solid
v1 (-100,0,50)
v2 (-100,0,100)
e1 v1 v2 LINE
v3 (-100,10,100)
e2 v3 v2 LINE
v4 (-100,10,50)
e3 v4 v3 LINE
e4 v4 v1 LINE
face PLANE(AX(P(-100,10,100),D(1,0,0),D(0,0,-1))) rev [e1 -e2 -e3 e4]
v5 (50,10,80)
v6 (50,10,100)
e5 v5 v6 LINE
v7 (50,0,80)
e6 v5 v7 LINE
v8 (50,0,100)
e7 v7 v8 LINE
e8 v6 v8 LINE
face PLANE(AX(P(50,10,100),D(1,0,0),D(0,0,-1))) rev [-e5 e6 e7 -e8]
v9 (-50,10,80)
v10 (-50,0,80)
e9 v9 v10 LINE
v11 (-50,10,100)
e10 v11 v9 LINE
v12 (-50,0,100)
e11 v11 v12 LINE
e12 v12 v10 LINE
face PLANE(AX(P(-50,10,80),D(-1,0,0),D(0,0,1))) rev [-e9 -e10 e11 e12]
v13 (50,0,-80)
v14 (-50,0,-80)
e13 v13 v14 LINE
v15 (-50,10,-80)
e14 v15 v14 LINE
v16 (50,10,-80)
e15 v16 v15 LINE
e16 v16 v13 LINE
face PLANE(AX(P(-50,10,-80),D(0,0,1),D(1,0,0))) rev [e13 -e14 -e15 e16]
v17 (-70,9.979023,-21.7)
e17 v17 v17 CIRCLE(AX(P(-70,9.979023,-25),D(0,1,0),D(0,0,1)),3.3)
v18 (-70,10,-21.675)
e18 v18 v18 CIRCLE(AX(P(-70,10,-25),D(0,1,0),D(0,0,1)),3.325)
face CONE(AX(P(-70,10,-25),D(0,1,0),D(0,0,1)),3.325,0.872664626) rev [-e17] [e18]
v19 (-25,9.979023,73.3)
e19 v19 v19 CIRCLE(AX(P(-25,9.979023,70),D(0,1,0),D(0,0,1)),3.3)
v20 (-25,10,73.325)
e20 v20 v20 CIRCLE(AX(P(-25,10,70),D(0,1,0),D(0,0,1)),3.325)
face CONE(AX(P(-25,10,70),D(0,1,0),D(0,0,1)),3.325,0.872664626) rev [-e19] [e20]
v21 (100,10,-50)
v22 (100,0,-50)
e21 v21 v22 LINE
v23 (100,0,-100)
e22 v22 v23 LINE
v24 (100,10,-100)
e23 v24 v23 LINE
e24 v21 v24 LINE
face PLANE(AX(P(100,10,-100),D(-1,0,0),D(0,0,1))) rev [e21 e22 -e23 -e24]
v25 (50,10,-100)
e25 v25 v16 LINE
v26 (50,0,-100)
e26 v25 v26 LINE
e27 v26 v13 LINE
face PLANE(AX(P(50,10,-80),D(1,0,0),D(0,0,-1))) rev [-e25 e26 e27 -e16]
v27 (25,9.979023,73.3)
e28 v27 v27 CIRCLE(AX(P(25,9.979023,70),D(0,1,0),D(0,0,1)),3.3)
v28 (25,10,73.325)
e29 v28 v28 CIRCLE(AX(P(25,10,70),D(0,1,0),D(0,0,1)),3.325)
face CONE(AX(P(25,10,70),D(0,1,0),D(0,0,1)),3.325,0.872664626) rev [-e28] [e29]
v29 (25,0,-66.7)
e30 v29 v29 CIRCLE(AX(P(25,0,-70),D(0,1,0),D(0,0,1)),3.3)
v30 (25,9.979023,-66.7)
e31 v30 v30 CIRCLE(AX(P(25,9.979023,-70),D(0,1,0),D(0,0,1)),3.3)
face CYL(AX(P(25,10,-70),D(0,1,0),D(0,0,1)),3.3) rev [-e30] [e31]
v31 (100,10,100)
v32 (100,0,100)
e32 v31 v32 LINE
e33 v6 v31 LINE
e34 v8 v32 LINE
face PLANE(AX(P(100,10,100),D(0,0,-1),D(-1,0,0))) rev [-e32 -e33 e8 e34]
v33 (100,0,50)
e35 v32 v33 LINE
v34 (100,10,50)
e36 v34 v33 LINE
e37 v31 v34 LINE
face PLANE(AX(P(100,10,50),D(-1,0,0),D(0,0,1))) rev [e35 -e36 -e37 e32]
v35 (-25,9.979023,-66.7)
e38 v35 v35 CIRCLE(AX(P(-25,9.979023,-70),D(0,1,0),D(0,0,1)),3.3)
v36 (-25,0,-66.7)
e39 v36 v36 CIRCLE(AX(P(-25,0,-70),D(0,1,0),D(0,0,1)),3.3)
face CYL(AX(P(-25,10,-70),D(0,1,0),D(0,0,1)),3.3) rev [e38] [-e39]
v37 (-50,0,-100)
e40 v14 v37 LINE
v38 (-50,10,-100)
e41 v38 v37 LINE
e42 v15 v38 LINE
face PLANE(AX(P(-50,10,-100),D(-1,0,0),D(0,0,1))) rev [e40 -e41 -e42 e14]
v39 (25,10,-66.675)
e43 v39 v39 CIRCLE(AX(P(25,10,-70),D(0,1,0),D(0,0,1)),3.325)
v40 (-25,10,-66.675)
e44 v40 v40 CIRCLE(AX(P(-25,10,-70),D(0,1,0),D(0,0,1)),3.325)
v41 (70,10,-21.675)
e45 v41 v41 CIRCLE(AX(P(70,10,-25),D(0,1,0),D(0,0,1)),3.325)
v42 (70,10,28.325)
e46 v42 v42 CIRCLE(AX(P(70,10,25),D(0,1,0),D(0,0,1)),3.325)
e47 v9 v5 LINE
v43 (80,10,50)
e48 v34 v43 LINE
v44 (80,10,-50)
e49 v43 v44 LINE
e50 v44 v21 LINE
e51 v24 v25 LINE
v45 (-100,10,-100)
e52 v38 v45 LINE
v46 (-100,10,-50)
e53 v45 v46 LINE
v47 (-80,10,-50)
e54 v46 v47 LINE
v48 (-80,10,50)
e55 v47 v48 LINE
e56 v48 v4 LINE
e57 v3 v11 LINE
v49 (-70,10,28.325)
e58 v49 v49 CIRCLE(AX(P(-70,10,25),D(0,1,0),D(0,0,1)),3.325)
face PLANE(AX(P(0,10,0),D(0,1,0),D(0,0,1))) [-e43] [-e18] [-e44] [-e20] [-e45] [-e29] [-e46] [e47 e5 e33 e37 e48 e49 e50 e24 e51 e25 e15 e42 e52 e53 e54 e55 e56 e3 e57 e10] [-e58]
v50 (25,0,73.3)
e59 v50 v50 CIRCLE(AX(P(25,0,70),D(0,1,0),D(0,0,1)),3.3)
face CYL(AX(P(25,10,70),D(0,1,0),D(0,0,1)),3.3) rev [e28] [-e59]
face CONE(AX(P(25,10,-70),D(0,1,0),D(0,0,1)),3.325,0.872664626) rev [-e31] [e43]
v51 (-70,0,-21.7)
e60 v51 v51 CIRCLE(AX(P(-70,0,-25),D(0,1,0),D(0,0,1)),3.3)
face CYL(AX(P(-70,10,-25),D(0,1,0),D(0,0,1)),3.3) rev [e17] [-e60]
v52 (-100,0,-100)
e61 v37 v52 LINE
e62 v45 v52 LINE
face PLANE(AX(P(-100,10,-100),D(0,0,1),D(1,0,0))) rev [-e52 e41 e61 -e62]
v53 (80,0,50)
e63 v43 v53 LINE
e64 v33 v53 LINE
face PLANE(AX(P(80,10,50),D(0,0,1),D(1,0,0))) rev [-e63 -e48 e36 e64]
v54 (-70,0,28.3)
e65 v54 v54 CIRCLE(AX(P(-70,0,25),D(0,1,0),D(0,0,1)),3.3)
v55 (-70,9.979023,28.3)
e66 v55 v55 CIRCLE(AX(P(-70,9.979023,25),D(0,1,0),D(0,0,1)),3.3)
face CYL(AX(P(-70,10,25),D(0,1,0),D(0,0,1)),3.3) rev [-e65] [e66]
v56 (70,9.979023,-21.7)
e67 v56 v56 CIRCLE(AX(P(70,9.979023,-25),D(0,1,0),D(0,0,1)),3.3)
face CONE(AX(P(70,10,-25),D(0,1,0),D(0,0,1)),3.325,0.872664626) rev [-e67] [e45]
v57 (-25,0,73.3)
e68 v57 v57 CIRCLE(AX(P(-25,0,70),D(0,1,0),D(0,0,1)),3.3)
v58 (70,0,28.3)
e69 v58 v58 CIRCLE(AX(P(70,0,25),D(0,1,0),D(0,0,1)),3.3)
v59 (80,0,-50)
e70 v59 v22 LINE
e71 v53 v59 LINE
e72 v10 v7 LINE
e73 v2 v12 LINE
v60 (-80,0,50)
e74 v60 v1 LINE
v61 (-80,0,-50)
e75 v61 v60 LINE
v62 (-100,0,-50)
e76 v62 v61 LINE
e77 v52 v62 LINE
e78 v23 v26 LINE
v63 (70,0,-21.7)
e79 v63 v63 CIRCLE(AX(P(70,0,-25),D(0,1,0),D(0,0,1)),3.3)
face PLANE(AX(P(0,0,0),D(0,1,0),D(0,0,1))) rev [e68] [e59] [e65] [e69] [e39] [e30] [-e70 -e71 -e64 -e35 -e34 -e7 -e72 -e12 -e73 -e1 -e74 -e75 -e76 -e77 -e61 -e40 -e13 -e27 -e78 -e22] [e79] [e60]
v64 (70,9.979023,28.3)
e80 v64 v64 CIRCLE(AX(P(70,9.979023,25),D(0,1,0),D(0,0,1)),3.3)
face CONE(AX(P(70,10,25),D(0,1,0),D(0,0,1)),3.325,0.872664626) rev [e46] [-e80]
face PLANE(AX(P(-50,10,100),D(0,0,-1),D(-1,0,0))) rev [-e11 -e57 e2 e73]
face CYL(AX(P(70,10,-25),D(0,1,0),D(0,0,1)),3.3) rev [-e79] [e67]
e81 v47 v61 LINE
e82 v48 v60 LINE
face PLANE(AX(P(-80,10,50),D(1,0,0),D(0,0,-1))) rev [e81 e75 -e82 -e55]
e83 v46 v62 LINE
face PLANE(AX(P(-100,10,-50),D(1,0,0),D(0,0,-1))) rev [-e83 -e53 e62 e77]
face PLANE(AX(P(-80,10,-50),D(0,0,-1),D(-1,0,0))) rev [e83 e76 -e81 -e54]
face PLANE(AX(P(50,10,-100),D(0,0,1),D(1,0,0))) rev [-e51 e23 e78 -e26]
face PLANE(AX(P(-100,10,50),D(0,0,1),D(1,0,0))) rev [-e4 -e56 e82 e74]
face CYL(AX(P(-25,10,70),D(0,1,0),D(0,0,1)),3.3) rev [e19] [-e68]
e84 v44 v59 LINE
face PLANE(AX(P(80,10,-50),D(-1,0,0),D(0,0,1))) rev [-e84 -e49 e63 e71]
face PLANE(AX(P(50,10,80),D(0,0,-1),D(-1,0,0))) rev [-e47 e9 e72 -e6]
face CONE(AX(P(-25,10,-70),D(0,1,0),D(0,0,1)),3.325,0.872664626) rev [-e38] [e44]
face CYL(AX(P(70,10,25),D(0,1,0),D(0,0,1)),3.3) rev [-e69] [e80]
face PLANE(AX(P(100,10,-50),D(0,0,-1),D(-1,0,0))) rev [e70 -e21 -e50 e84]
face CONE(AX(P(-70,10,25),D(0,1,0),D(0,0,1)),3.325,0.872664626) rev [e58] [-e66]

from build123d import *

# Parameters (mm, degrees)
BOSS_EXTRUDE1_DEPTH            = 10
M6_CLEARANCE_HOLE1_D           = 6.6
M6_CLEARANCE_HOLE1_CSINK_D     = 6.65
M6_CLEARANCE_HOLE1_CSINK_ANGLE = 100


with BuildPart() as part:
    # Sketch1 → Boss-Extrude1 (new body)
    with BuildSketch(Plane(origin=(0, 0, 0), x_dir=(1, 0, 0), z_dir=(0, 1, 0))):
        Polygon((-50, 80), (50, 80), (50, 100), (100, 100), (100, 50), (80, 50), (80, -50), (100, -50), (100, -100), (50, -100), (50, -80), (-50, -80), (-50, -100), (-100, -100), (-100, -50), (-80, -50), (-80, 50), (-100, 50), (-100, 100), (-50, 100), align=None)
    extrude(amount=BOSS_EXTRUDE1_DEPTH)

    # M6 Clearance Hole1 (through all)
    with Locations(Plane(origin=(0, 10, 0), x_dir=(1, 0, 0), z_dir=(0, 1, 0))):
        with Locations((-70, -25), (-70, 25), (-25, 70), (25, 70), (70, 25), (70, -25), (-25, -70), (25, -70)):
            CounterSinkHole(M6_CLEARANCE_HOLE1_D / 2, M6_CLEARANCE_HOLE1_CSINK_D / 2, counter_sink_angle=M6_CLEARANCE_HOLE1_CSINK_ANGLE)


solid = part.part
